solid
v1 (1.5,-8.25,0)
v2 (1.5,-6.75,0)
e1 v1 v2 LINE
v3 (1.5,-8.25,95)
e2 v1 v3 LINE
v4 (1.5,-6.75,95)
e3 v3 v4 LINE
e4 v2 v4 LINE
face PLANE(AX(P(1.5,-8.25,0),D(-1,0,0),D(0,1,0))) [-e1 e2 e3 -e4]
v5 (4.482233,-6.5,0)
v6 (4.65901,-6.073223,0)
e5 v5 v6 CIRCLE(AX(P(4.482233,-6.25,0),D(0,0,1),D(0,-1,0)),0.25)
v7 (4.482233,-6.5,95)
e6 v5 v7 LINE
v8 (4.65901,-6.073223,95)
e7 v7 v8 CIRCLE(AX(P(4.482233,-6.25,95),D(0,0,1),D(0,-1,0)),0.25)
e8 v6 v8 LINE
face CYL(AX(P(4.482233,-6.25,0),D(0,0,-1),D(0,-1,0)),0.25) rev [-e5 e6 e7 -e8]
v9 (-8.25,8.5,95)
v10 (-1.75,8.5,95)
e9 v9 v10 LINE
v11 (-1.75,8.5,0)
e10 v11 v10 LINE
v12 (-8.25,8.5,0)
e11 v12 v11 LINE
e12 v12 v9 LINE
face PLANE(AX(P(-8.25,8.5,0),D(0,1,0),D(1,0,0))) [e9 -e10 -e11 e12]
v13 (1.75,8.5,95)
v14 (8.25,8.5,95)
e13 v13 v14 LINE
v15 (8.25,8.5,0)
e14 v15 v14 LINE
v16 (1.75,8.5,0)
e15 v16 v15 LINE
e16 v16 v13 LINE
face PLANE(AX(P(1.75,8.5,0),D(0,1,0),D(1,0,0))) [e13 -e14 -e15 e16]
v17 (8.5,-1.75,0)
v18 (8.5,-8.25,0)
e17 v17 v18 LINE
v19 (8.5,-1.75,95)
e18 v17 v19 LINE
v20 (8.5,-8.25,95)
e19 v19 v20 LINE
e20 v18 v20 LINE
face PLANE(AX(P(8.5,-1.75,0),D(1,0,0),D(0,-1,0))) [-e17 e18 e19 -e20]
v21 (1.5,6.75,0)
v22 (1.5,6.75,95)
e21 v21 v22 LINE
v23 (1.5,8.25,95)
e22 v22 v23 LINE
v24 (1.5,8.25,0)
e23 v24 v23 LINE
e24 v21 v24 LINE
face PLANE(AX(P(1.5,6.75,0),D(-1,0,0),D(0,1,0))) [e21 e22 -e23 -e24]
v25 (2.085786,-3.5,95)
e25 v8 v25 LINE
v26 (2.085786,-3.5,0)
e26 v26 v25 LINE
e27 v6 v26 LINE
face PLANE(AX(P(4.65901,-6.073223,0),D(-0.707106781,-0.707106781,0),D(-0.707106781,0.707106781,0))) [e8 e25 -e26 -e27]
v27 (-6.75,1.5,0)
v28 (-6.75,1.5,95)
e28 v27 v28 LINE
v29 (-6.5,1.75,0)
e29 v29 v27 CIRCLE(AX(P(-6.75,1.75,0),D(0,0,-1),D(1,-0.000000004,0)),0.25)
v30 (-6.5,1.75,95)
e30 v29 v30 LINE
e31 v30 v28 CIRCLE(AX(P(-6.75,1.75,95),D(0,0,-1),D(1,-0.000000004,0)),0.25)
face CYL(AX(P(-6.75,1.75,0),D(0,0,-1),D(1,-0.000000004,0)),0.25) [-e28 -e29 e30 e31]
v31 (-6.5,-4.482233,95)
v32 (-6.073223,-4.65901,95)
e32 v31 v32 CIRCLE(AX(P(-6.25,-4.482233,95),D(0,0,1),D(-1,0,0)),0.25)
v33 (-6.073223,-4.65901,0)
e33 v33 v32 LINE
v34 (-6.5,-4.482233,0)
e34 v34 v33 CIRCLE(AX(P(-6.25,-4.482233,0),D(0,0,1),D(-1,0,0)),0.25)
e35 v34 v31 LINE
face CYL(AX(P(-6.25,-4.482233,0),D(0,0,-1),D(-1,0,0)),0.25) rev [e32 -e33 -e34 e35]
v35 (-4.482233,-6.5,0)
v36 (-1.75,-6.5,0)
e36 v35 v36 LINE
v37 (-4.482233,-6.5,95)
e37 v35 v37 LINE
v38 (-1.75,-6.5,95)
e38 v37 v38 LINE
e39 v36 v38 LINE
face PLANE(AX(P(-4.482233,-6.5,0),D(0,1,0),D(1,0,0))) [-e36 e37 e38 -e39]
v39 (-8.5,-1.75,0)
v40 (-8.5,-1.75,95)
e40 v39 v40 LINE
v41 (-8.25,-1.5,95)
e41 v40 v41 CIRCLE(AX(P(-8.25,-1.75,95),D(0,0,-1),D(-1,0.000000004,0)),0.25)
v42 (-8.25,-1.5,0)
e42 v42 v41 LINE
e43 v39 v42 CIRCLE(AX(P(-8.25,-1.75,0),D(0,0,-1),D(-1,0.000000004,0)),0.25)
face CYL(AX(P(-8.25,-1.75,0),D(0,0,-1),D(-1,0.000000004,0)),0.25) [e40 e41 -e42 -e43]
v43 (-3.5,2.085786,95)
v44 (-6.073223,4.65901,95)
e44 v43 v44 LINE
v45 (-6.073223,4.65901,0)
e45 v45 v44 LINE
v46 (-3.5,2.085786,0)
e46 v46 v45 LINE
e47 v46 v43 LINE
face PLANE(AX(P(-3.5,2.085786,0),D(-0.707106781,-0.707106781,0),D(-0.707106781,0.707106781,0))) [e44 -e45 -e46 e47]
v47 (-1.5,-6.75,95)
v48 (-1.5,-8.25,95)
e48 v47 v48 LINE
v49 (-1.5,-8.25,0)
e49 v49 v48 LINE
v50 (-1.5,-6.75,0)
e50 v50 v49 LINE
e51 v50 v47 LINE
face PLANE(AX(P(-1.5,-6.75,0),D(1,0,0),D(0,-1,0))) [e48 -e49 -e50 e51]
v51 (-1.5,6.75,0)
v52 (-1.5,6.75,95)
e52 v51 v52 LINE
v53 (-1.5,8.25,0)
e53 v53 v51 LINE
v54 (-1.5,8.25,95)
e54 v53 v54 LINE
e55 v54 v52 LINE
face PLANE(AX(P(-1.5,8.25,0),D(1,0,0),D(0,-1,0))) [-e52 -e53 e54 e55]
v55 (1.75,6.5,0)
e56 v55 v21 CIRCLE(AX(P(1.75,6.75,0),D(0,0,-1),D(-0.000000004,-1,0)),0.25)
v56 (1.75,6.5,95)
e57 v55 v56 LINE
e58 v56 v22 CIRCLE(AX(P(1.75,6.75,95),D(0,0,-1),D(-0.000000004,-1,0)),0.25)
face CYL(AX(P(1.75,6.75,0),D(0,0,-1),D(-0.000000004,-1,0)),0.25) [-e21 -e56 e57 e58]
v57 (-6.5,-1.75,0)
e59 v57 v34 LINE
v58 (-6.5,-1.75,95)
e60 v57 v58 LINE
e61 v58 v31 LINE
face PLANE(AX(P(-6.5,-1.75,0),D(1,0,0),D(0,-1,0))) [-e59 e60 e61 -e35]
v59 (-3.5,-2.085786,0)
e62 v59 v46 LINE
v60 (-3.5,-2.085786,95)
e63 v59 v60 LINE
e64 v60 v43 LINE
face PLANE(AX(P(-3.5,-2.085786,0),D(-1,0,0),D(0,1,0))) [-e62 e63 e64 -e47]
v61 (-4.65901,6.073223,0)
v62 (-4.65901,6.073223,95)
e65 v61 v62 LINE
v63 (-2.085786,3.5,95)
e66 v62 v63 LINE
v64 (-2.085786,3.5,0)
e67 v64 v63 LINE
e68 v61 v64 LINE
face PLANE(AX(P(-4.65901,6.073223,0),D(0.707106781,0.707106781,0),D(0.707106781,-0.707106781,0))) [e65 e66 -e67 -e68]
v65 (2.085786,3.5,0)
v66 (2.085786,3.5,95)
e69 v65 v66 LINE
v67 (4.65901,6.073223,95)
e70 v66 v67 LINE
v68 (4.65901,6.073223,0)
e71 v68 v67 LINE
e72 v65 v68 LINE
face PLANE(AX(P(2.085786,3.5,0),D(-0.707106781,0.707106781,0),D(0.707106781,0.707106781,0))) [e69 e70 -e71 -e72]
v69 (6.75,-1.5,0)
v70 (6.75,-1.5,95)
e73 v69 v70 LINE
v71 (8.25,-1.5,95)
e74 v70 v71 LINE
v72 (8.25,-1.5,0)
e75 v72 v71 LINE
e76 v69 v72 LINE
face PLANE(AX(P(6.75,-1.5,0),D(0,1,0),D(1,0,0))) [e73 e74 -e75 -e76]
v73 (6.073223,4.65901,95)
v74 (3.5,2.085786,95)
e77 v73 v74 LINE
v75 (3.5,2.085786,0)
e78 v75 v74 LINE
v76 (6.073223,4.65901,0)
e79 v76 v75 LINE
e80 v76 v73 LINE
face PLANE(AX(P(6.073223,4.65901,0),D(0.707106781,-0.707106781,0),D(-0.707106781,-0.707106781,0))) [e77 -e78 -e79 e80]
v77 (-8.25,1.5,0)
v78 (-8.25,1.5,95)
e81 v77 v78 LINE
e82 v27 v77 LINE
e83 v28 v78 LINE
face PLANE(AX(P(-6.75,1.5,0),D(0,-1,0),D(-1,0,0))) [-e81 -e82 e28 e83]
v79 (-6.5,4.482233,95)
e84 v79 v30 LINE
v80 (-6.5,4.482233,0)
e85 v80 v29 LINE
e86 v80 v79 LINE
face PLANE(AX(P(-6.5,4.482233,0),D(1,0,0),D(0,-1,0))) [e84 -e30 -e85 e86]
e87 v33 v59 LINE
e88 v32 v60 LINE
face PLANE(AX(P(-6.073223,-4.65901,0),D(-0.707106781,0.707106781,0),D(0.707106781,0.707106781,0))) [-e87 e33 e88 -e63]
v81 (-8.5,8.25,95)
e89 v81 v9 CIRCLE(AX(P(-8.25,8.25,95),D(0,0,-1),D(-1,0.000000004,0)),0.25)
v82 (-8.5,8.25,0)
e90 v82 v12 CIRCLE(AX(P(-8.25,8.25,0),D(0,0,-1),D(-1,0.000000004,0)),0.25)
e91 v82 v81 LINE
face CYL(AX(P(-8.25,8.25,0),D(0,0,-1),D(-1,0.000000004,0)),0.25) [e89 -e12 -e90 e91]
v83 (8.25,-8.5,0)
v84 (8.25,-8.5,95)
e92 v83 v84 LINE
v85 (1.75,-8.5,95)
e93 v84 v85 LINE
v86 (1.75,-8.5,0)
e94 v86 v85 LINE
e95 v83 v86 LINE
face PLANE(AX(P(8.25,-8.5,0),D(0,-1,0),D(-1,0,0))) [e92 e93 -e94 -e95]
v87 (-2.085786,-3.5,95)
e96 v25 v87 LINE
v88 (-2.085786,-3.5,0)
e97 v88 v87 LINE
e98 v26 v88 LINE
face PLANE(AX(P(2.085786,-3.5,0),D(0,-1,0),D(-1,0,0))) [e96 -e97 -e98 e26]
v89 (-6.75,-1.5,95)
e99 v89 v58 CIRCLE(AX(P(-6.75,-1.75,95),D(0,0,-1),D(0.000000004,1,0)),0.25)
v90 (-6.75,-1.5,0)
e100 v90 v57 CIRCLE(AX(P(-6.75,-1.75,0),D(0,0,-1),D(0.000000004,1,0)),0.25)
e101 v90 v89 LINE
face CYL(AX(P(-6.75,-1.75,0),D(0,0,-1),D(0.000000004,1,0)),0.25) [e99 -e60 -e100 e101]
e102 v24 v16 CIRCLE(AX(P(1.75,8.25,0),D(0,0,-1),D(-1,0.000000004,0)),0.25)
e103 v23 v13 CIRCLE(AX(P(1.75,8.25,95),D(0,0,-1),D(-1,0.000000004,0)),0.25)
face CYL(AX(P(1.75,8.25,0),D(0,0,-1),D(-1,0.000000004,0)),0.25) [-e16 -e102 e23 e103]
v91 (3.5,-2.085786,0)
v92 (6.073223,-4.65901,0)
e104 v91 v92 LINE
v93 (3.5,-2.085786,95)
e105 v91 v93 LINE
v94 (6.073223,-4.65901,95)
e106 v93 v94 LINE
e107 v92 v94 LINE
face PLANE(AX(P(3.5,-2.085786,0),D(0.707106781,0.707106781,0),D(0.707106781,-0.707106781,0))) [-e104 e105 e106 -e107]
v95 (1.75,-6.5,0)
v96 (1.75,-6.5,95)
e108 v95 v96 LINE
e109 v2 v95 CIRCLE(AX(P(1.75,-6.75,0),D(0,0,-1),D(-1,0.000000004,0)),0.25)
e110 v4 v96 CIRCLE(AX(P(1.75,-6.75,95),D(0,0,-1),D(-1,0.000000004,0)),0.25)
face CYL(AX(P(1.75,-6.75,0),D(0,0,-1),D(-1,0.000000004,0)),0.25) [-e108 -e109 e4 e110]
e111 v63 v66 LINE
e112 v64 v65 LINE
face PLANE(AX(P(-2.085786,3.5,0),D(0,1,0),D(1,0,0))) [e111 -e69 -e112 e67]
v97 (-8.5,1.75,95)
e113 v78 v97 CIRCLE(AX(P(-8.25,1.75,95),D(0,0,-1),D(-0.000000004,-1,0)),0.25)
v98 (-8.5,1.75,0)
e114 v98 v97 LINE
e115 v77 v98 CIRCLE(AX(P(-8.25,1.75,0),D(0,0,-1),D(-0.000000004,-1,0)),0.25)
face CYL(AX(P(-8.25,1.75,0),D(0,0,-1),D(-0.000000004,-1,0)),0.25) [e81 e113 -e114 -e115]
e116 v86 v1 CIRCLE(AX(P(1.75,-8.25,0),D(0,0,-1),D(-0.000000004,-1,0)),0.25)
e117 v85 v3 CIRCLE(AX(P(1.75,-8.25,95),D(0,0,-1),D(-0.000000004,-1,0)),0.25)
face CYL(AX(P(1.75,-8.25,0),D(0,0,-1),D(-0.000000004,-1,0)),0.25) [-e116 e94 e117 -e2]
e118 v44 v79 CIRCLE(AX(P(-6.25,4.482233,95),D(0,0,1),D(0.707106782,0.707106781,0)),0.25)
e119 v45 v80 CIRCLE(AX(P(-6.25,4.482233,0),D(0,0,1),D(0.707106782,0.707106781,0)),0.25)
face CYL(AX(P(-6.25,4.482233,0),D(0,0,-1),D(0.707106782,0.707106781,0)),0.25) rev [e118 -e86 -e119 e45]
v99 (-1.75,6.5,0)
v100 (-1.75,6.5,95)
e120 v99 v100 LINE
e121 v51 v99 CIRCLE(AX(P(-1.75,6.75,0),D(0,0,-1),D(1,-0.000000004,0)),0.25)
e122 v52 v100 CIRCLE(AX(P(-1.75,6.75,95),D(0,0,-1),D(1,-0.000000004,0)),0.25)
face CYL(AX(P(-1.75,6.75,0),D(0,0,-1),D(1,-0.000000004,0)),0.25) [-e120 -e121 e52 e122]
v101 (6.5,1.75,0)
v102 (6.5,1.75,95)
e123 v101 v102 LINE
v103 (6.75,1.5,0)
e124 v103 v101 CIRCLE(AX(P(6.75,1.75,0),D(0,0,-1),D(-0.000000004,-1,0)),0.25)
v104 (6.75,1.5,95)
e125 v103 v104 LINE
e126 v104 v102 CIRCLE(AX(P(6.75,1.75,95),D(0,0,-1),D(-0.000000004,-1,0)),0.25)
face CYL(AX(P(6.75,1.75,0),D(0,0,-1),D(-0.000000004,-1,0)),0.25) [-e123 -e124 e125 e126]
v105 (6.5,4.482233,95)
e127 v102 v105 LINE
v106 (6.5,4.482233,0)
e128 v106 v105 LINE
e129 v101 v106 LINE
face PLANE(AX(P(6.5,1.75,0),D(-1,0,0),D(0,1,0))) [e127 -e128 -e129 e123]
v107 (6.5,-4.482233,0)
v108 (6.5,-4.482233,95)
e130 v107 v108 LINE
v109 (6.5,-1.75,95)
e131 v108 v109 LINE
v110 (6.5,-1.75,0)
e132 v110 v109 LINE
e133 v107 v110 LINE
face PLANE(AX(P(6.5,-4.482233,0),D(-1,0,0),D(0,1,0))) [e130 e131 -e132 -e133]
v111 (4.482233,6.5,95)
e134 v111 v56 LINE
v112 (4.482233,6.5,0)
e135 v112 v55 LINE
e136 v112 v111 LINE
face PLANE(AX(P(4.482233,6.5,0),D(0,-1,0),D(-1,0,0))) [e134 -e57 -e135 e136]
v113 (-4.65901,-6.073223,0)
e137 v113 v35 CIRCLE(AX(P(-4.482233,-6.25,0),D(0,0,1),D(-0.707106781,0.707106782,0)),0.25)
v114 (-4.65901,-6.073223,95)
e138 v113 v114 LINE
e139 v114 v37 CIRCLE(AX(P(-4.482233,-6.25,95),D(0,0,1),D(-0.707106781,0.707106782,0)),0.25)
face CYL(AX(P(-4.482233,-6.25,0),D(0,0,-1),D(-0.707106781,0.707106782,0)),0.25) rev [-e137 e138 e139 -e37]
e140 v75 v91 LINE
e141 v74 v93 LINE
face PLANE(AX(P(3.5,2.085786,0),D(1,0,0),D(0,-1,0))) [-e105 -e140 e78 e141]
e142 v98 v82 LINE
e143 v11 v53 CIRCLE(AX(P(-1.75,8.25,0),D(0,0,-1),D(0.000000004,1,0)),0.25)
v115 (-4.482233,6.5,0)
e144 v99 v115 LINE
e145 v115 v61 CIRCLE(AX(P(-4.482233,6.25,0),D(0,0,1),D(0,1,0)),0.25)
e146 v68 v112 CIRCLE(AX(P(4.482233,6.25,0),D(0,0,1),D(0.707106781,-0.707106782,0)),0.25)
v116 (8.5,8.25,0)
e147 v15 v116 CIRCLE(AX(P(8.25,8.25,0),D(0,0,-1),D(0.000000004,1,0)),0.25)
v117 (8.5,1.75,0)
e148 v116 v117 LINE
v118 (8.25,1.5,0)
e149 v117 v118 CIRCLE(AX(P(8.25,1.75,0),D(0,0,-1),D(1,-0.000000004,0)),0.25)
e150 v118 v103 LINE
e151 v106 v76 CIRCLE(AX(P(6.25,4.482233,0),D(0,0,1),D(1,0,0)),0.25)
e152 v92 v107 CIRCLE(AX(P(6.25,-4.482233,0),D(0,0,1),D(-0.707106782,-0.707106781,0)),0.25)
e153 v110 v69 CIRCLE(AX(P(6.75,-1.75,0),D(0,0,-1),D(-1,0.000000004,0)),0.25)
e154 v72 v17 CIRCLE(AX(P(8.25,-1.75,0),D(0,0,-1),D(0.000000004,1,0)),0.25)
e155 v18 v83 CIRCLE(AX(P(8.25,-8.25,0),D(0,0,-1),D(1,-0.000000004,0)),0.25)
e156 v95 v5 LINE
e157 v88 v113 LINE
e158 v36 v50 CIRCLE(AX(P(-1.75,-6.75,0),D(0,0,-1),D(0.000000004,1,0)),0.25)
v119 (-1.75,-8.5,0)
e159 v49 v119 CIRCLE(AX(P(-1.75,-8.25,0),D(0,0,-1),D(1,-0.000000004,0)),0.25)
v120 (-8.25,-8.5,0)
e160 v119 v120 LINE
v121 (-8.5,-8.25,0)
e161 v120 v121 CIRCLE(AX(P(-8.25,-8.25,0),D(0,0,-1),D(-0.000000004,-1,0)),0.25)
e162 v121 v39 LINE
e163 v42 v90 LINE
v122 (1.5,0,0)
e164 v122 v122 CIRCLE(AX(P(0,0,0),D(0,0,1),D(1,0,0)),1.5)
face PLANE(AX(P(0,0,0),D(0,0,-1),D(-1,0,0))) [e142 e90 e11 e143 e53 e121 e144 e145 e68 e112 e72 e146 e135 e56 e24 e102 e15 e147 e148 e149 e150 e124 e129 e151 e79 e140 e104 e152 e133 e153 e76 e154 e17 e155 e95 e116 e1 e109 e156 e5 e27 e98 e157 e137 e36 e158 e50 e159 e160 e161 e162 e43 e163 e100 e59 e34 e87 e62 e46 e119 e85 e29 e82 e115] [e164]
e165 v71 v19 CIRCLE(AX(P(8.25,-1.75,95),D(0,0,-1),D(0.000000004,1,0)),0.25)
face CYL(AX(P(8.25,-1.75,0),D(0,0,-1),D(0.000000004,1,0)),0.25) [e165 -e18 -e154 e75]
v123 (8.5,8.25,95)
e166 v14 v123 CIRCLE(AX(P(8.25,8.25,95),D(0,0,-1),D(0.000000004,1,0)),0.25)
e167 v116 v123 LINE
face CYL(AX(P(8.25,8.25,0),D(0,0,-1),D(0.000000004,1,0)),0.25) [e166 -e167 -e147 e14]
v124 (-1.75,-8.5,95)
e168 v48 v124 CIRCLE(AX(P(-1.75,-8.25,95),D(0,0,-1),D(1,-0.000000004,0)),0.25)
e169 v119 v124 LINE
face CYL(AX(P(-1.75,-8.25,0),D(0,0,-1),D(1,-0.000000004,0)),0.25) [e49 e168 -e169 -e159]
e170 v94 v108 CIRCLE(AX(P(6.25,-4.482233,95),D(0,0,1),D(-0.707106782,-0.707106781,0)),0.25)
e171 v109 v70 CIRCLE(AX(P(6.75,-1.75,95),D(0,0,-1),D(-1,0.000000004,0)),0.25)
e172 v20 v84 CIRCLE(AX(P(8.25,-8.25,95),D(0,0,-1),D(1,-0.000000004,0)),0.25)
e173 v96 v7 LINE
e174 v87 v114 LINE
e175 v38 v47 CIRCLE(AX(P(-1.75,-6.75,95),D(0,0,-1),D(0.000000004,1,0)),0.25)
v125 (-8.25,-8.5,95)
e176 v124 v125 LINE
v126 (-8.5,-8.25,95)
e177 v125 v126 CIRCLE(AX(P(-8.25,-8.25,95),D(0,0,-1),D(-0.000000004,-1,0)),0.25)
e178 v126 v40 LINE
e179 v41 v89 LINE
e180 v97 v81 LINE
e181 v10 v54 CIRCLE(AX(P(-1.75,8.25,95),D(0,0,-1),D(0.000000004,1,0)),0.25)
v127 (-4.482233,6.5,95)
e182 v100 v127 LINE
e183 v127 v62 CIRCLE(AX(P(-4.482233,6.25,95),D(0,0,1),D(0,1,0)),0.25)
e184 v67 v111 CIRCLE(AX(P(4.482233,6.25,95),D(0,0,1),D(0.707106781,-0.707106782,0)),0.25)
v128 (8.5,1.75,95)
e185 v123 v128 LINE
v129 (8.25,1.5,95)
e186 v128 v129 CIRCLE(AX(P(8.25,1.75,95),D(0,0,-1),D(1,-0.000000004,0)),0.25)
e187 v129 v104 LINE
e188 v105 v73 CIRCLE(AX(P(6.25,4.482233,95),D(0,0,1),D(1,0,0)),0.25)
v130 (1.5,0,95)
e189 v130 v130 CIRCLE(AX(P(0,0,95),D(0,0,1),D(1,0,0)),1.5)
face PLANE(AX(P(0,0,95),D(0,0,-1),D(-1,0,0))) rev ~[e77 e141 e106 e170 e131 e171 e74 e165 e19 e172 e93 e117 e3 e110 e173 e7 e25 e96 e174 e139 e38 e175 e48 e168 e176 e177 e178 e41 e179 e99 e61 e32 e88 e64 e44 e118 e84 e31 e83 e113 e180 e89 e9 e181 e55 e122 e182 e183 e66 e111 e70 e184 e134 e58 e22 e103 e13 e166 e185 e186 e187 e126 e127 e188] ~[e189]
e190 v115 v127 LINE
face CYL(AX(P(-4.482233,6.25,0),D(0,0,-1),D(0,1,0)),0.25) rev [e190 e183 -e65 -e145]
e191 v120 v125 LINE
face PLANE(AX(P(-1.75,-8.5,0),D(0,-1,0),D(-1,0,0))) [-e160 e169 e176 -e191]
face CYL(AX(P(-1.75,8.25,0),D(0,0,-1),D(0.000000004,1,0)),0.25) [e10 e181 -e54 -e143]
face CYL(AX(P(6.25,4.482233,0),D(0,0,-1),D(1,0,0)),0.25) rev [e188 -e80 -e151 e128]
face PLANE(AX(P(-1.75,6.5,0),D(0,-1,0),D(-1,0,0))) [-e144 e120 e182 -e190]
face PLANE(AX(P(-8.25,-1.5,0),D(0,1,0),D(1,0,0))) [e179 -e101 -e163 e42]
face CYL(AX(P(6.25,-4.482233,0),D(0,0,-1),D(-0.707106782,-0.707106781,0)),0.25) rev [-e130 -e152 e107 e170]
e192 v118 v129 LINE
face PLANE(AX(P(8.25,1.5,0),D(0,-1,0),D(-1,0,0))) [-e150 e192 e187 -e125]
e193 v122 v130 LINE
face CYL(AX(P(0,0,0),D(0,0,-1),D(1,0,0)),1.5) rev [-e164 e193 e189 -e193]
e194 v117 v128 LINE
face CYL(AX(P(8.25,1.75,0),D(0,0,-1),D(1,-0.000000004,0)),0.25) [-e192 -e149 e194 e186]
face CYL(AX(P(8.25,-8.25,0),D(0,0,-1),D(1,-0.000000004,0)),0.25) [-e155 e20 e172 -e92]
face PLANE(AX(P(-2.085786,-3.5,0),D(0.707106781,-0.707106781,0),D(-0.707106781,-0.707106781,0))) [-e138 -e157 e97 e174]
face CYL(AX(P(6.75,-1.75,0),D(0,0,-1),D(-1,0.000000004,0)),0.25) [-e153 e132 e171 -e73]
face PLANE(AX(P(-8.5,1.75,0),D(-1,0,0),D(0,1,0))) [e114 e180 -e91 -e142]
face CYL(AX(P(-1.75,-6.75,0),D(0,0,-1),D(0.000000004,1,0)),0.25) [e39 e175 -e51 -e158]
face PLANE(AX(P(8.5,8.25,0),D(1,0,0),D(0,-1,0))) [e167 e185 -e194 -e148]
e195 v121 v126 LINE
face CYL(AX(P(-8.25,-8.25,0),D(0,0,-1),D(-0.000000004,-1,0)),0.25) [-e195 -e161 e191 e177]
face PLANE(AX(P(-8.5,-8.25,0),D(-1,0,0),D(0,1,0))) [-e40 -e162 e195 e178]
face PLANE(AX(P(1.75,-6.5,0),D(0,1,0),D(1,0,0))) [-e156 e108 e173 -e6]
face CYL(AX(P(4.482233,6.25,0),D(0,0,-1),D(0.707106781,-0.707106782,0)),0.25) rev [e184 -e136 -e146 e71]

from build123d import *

# Parameters (mm, degrees)
SKETCH1_R           = 1.5
BOSS_EXTRUDE1_DEPTH = 95


with BuildPart() as part:
    # Sketch1 → Boss-Extrude1 (new body)
    with BuildSketch(Plane.XY):
        with BuildLine():
            Line((-2.085786438, 3.5), (2.085786438, 3.5))
            Line((2.085786438, 3.5), (4.659009742, 6.073223305))
            ThreePointArc((4.659009742, 6.073223305), (4.71320293, 6.345670858), (4.482233047, 6.5))
            Line((4.482233047, 6.5), (1.75, 6.5))
            ThreePointArc((1.75, 6.5), (1.573223305, 6.573223305), (1.5, 6.75))
            Line((1.5, 6.75), (1.5, 8.25))
            ThreePointArc((1.5, 8.25), (1.573223305, 8.426776695), (1.75, 8.5))
            Line((1.75, 8.5), (8.25, 8.5))
            ThreePointArc((8.25, 8.5), (8.426776695, 8.426776695), (8.5, 8.25))
            Line((8.5, 8.25), (8.5, 1.75))
            ThreePointArc((8.5, 1.75), (8.426776695, 1.573223305), (8.25, 1.5))
            Line((8.25, 1.5), (6.75, 1.5))
            ThreePointArc((6.75, 1.5), (6.573223305, 1.573223305), (6.5, 1.75))
            Line((6.5, 1.75), (6.5, 4.482233047))
            ThreePointArc((6.5, 4.482233047), (6.345670858, 4.71320293), (6.073223305, 4.659009742))
            Line((6.073223305, 4.659009742), (3.5, 2.085786438))
            Line((3.5, 2.085786438), (3.5, -2.085786438))
            Line((3.5, -2.085786438), (6.073223305, -4.659009742))
            ThreePointArc((6.073223305, -4.659009742), (6.345670858, -4.71320293), (6.5, -4.482233047))
            Line((6.5, -4.482233047), (6.5, -1.75))
            ThreePointArc((6.5, -1.75), (6.573223305, -1.573223305), (6.75, -1.5))
            Line((6.75, -1.5), (8.25, -1.5))
            ThreePointArc((8.25, -1.5), (8.426776695, -1.573223305), (8.5, -1.75))
            Line((8.5, -1.75), (8.5, -8.25))
            ThreePointArc((8.5, -8.25), (8.426776695, -8.426776695), (8.25, -8.5))
            Line((8.25, -8.5), (1.75, -8.5))
            ThreePointArc((1.75, -8.5), (1.573223305, -8.426776695), (1.5, -8.25))
            Line((1.5, -8.25), (1.5, -6.75))
            ThreePointArc((1.5, -6.75), (1.573223305, -6.573223305), (1.75, -6.5))
            Line((1.75, -6.5), (4.482233047, -6.5))
            ThreePointArc((4.482233047, -6.5), (4.71320293, -6.345670858), (4.659009742, -6.073223305))
            Line((4.659009742, -6.073223305), (2.085786438, -3.5))
            Line((2.085786438, -3.5), (-2.085786438, -3.5))
            Line((-2.085786438, -3.5), (-4.659009742, -6.073223305))
            ThreePointArc((-4.659009742, -6.073223305), (-4.71320293, -6.345670858), (-4.482233047, -6.5))
            Line((-4.482233047, -6.5), (-1.75, -6.5))
            ThreePointArc((-1.75, -6.5), (-1.573223305, -6.573223305), (-1.5, -6.75))
            Line((-1.5, -6.75), (-1.5, -8.25))
            ThreePointArc((-1.5, -8.25), (-1.573223305, -8.426776695), (-1.75, -8.5))
            Line((-1.75, -8.5), (-8.25, -8.5))
            ThreePointArc((-8.25, -8.5), (-8.426776695, -8.426776695), (-8.5, -8.25))
            Line((-8.5, -8.25), (-8.5, -1.75))
            ThreePointArc((-8.5, -1.75), (-8.426776695, -1.573223305), (-8.25, -1.5))
            Line((-8.25, -1.5), (-6.75, -1.5))
            ThreePointArc((-6.75, -1.5), (-6.573223305, -1.573223305), (-6.5, -1.75))
            Line((-6.5, -1.75), (-6.5, -4.482233047))
            ThreePointArc((-6.5, -4.482233047), (-6.345670858, -4.71320293), (-6.073223305, -4.659009742))
            Line((-6.073223305, -4.659009742), (-3.5, -2.085786438))
            Line((-3.5, -2.085786438), (-3.5, 2.085786438))
            Line((-3.5, 2.085786438), (-6.073223305, 4.659009742))
            ThreePointArc((-6.073223305, 4.659009742), (-6.345670858, 4.71320293), (-6.5, 4.482233047))
            Line((-6.5, 4.482233047), (-6.5, 1.75))
            ThreePointArc((-6.5, 1.75), (-6.573223305, 1.573223305), (-6.75, 1.5))
            Line((-6.75, 1.5), (-8.25, 1.5))
            ThreePointArc((-8.25, 1.5), (-8.426776695, 1.573223305), (-8.5, 1.75))
            Line((-8.5, 1.75), (-8.5, 8.25))
            ThreePointArc((-8.5, 8.25), (-8.426776695, 8.426776695), (-8.25, 8.5))
            Line((-8.25, 8.5), (-1.75, 8.5))
            ThreePointArc((-1.75, 8.5), (-1.573223305, 8.426776695), (-1.5, 8.25))
            Line((-1.5, 8.25), (-1.5, 6.75))
            ThreePointArc((-1.5, 6.75), (-1.573223305, 6.573223305), (-1.75, 6.5))
            Line((-1.75, 6.5), (-4.482233047, 6.5))
            ThreePointArc((-4.482233047, 6.5), (-4.71320293, 6.345670858), (-4.659009742, 6.073223305))
            Line((-4.659009742, 6.073223305), (-2.085786438, 3.5))
        make_face()
        Circle(SKETCH1_R, mode=Mode.SUBTRACT)
    extrude(amount=BOSS_EXTRUDE1_DEPTH)


solid = part.part
